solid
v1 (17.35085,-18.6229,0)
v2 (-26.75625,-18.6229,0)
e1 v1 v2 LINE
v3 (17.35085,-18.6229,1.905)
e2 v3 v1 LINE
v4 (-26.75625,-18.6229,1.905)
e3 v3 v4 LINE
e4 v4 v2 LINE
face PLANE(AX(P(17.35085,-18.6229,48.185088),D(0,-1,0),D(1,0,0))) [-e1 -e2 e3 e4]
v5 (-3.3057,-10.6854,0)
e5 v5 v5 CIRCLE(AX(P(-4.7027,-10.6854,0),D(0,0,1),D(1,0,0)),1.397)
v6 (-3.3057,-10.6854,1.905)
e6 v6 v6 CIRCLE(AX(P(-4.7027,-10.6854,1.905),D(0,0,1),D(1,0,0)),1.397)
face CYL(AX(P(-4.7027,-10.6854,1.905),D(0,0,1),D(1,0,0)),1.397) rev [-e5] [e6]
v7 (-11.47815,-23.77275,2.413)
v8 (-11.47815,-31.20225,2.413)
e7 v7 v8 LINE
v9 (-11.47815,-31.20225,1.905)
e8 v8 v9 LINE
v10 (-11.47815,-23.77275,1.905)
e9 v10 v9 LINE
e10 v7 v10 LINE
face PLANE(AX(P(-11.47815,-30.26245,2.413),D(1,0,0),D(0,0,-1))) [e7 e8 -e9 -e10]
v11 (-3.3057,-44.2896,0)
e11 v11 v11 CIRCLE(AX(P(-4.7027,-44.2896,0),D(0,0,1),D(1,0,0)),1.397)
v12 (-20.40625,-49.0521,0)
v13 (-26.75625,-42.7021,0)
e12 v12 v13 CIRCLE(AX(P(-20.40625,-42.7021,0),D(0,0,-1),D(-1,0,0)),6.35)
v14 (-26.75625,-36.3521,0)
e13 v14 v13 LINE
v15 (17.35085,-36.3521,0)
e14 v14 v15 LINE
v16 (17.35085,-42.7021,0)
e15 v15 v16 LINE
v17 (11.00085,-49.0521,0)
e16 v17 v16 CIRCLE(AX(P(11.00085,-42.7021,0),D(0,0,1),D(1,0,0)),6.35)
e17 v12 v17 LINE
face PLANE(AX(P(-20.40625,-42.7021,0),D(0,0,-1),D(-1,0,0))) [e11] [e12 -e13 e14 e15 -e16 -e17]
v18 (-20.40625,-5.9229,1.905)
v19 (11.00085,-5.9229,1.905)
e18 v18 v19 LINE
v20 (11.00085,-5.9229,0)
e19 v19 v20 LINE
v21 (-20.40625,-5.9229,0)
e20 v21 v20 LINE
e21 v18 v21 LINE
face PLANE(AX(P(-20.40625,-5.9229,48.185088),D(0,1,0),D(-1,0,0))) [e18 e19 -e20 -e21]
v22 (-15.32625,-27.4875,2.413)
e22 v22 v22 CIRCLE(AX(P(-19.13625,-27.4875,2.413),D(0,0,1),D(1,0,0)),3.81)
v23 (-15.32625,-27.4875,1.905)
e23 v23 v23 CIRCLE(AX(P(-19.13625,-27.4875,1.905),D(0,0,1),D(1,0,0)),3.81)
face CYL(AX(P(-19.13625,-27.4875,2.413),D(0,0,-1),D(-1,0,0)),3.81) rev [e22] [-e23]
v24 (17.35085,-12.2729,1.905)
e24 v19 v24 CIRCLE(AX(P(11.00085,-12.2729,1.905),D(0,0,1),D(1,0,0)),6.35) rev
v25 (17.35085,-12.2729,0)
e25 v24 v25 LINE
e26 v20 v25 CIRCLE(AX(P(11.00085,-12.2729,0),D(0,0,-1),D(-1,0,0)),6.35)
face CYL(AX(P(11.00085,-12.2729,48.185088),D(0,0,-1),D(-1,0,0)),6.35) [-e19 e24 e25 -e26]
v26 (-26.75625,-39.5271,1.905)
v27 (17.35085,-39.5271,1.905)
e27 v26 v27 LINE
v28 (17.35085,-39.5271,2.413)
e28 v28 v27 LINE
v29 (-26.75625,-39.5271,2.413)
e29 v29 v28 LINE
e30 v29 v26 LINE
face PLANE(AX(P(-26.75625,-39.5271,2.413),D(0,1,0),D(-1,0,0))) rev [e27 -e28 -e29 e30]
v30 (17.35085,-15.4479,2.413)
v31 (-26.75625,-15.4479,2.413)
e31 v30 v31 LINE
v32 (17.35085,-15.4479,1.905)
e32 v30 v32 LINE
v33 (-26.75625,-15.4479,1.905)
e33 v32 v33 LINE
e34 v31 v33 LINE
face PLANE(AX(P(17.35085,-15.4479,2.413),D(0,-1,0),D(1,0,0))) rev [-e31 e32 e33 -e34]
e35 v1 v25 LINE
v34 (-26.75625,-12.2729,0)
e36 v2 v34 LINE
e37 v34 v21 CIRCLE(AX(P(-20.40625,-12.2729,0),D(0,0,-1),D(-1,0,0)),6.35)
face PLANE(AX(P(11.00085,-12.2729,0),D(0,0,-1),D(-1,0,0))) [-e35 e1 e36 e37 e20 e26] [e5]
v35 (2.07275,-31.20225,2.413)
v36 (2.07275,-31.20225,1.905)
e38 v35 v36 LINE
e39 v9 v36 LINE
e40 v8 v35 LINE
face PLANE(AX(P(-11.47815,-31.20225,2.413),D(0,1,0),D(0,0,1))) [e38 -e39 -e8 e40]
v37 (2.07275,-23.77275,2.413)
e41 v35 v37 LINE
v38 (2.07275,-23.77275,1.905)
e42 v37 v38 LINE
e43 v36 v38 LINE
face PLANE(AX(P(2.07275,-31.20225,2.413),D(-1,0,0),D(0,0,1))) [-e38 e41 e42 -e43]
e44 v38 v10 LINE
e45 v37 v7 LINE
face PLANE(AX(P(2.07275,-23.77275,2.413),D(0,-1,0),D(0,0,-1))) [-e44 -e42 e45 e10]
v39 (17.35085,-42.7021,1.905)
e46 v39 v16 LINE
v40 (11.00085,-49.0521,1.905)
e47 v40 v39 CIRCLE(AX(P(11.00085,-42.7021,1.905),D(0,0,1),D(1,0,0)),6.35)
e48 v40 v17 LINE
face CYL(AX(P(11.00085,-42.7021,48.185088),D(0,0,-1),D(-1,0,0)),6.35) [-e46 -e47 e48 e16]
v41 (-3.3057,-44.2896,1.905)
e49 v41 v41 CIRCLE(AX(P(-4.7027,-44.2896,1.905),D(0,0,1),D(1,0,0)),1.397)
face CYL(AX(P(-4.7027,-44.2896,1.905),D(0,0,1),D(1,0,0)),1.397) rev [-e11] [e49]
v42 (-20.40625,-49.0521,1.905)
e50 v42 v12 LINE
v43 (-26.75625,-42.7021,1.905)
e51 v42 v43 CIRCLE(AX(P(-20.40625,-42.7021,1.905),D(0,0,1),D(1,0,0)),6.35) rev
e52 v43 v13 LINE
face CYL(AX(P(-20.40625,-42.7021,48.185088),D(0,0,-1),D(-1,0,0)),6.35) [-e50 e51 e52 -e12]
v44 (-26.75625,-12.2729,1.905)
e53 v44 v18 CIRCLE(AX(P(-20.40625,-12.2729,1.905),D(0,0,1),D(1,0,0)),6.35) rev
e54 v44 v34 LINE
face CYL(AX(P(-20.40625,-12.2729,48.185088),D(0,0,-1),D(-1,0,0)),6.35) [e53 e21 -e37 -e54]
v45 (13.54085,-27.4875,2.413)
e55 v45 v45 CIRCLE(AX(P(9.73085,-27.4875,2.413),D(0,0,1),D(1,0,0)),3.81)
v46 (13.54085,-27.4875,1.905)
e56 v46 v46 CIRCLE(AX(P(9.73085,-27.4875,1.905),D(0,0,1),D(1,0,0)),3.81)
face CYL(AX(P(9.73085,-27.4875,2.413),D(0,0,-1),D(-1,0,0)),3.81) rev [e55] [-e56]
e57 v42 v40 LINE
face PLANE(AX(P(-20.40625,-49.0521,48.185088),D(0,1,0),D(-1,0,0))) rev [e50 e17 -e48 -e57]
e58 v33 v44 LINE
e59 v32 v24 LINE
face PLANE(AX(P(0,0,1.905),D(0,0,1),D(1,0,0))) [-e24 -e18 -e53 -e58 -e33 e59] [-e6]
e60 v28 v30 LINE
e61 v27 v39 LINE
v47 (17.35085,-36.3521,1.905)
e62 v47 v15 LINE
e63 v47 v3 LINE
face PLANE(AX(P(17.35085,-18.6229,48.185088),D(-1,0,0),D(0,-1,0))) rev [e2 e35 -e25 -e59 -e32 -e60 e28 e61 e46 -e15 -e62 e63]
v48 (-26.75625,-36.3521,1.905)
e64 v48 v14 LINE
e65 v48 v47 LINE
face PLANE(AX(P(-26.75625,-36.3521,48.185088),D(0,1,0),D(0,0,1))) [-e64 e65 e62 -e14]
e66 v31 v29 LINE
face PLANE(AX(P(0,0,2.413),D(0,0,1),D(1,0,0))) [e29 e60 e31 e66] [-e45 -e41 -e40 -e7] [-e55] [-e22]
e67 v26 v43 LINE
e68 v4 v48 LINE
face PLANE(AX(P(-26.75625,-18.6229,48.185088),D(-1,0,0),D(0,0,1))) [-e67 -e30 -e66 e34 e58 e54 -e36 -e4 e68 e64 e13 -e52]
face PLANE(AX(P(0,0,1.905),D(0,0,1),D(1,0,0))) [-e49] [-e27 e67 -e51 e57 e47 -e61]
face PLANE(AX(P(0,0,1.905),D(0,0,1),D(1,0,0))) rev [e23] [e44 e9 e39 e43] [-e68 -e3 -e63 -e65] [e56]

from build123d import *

# Parameters (mm, degrees)
BOSS_EXTRUDE1_DEPTH   = 1.905
BOSS_EXTRUDE1_2_DEPTH = 1.905
SKETCH2_W             = 44.1071
SKETCH2_H             = 24.0792
SKETCH2_R             = 3.81
BOSS_EXTRUDE2_DEPTH   = 0.508
F_3_CLEARANCE_HOLE1_D = 2.794


with BuildPart() as part:
    # Sketch1 → Boss-Extrude1 (new body)
    with BuildSketch(Plane.XY):
        with BuildLine():
            Line((-26.756249968, -18.6229), (-26.756249968, -12.2729))
            ThreePointArc((-26.756249968, -12.2729), (-24.896378028, -7.782771939), (-20.406249968, -5.9229))
            Line((-20.406249968, -5.9229), (11.000850032, -5.9229))
            ThreePointArc((11.000850032, -5.9229), (15.490978093, -7.782771939), (17.350850032, -12.2729))
            Line((17.350850032, -12.2729), (17.350850032, -18.6229))
            Line((17.350850032, -18.6229), (-26.756249968, -18.6229))
        make_face()
    extrude(amount=BOSS_EXTRUDE1_DEPTH)



with BuildPart() as body_2:
    # Sketch1 → Boss-Extrude1 2 (new body)
    with BuildSketch(Plane.XY):
        with BuildLine():
            Line((-26.756249968, -36.3521), (17.350850032, -36.3521))
            Line((17.350850032, -36.3521), (17.350850032, -42.7021))
            ThreePointArc((17.350850032, -42.7021), (15.490978093, -47.192228061), (11.000850032, -49.0521))
            Line((11.000850032, -49.0521), (-20.406249968, -49.0521))
            ThreePointArc((-20.406249968, -49.0521), (-24.896378028, -47.192228061), (-26.756249968, -42.7021))
            Line((-26.756249968, -42.7021), (-26.756249968, -36.3521))
        make_face()
    extrude(amount=BOSS_EXTRUDE1_2_DEPTH)


with BuildPart() as part_1:
    add(part.part)

    add(body_2.part)  # Boss-Extrude2 merges body 2
    # Sketch2 → Boss-Extrude2 (add)
    with BuildSketch(Plane.XY.offset(1.905)):
        with Locations((-4.702699968, -27.4875)):
            Rectangle(SKETCH2_W, SKETCH2_H)
        with Locations((9.730850032, -27.4875)):
            Circle(SKETCH2_R, mode=Mode.SUBTRACT)
        with Locations((-19.136249968, -27.4875)):
            Circle(SKETCH2_R, mode=Mode.SUBTRACT)
        Polygon((-11.478149968, -23.77275), (-11.478149968, -24.71255), (-11.478149968, -30.26245), (-11.478149968, -31.20225), (2.072750032, -31.20225), (2.072750032, -23.77275), align=None, mode=Mode.SUBTRACT)
    extrude(amount=BOSS_EXTRUDE2_DEPTH)

    # #3 Clearance Hole1 (through all)
    with Locations(Plane.XY.offset(1.905)):
        with Locations((-4.702699968, -10.6854), (-4.702699968, -44.2896)):
            Hole(F_3_CLEARANCE_HOLE1_D / 2)


solid = part_1.part
